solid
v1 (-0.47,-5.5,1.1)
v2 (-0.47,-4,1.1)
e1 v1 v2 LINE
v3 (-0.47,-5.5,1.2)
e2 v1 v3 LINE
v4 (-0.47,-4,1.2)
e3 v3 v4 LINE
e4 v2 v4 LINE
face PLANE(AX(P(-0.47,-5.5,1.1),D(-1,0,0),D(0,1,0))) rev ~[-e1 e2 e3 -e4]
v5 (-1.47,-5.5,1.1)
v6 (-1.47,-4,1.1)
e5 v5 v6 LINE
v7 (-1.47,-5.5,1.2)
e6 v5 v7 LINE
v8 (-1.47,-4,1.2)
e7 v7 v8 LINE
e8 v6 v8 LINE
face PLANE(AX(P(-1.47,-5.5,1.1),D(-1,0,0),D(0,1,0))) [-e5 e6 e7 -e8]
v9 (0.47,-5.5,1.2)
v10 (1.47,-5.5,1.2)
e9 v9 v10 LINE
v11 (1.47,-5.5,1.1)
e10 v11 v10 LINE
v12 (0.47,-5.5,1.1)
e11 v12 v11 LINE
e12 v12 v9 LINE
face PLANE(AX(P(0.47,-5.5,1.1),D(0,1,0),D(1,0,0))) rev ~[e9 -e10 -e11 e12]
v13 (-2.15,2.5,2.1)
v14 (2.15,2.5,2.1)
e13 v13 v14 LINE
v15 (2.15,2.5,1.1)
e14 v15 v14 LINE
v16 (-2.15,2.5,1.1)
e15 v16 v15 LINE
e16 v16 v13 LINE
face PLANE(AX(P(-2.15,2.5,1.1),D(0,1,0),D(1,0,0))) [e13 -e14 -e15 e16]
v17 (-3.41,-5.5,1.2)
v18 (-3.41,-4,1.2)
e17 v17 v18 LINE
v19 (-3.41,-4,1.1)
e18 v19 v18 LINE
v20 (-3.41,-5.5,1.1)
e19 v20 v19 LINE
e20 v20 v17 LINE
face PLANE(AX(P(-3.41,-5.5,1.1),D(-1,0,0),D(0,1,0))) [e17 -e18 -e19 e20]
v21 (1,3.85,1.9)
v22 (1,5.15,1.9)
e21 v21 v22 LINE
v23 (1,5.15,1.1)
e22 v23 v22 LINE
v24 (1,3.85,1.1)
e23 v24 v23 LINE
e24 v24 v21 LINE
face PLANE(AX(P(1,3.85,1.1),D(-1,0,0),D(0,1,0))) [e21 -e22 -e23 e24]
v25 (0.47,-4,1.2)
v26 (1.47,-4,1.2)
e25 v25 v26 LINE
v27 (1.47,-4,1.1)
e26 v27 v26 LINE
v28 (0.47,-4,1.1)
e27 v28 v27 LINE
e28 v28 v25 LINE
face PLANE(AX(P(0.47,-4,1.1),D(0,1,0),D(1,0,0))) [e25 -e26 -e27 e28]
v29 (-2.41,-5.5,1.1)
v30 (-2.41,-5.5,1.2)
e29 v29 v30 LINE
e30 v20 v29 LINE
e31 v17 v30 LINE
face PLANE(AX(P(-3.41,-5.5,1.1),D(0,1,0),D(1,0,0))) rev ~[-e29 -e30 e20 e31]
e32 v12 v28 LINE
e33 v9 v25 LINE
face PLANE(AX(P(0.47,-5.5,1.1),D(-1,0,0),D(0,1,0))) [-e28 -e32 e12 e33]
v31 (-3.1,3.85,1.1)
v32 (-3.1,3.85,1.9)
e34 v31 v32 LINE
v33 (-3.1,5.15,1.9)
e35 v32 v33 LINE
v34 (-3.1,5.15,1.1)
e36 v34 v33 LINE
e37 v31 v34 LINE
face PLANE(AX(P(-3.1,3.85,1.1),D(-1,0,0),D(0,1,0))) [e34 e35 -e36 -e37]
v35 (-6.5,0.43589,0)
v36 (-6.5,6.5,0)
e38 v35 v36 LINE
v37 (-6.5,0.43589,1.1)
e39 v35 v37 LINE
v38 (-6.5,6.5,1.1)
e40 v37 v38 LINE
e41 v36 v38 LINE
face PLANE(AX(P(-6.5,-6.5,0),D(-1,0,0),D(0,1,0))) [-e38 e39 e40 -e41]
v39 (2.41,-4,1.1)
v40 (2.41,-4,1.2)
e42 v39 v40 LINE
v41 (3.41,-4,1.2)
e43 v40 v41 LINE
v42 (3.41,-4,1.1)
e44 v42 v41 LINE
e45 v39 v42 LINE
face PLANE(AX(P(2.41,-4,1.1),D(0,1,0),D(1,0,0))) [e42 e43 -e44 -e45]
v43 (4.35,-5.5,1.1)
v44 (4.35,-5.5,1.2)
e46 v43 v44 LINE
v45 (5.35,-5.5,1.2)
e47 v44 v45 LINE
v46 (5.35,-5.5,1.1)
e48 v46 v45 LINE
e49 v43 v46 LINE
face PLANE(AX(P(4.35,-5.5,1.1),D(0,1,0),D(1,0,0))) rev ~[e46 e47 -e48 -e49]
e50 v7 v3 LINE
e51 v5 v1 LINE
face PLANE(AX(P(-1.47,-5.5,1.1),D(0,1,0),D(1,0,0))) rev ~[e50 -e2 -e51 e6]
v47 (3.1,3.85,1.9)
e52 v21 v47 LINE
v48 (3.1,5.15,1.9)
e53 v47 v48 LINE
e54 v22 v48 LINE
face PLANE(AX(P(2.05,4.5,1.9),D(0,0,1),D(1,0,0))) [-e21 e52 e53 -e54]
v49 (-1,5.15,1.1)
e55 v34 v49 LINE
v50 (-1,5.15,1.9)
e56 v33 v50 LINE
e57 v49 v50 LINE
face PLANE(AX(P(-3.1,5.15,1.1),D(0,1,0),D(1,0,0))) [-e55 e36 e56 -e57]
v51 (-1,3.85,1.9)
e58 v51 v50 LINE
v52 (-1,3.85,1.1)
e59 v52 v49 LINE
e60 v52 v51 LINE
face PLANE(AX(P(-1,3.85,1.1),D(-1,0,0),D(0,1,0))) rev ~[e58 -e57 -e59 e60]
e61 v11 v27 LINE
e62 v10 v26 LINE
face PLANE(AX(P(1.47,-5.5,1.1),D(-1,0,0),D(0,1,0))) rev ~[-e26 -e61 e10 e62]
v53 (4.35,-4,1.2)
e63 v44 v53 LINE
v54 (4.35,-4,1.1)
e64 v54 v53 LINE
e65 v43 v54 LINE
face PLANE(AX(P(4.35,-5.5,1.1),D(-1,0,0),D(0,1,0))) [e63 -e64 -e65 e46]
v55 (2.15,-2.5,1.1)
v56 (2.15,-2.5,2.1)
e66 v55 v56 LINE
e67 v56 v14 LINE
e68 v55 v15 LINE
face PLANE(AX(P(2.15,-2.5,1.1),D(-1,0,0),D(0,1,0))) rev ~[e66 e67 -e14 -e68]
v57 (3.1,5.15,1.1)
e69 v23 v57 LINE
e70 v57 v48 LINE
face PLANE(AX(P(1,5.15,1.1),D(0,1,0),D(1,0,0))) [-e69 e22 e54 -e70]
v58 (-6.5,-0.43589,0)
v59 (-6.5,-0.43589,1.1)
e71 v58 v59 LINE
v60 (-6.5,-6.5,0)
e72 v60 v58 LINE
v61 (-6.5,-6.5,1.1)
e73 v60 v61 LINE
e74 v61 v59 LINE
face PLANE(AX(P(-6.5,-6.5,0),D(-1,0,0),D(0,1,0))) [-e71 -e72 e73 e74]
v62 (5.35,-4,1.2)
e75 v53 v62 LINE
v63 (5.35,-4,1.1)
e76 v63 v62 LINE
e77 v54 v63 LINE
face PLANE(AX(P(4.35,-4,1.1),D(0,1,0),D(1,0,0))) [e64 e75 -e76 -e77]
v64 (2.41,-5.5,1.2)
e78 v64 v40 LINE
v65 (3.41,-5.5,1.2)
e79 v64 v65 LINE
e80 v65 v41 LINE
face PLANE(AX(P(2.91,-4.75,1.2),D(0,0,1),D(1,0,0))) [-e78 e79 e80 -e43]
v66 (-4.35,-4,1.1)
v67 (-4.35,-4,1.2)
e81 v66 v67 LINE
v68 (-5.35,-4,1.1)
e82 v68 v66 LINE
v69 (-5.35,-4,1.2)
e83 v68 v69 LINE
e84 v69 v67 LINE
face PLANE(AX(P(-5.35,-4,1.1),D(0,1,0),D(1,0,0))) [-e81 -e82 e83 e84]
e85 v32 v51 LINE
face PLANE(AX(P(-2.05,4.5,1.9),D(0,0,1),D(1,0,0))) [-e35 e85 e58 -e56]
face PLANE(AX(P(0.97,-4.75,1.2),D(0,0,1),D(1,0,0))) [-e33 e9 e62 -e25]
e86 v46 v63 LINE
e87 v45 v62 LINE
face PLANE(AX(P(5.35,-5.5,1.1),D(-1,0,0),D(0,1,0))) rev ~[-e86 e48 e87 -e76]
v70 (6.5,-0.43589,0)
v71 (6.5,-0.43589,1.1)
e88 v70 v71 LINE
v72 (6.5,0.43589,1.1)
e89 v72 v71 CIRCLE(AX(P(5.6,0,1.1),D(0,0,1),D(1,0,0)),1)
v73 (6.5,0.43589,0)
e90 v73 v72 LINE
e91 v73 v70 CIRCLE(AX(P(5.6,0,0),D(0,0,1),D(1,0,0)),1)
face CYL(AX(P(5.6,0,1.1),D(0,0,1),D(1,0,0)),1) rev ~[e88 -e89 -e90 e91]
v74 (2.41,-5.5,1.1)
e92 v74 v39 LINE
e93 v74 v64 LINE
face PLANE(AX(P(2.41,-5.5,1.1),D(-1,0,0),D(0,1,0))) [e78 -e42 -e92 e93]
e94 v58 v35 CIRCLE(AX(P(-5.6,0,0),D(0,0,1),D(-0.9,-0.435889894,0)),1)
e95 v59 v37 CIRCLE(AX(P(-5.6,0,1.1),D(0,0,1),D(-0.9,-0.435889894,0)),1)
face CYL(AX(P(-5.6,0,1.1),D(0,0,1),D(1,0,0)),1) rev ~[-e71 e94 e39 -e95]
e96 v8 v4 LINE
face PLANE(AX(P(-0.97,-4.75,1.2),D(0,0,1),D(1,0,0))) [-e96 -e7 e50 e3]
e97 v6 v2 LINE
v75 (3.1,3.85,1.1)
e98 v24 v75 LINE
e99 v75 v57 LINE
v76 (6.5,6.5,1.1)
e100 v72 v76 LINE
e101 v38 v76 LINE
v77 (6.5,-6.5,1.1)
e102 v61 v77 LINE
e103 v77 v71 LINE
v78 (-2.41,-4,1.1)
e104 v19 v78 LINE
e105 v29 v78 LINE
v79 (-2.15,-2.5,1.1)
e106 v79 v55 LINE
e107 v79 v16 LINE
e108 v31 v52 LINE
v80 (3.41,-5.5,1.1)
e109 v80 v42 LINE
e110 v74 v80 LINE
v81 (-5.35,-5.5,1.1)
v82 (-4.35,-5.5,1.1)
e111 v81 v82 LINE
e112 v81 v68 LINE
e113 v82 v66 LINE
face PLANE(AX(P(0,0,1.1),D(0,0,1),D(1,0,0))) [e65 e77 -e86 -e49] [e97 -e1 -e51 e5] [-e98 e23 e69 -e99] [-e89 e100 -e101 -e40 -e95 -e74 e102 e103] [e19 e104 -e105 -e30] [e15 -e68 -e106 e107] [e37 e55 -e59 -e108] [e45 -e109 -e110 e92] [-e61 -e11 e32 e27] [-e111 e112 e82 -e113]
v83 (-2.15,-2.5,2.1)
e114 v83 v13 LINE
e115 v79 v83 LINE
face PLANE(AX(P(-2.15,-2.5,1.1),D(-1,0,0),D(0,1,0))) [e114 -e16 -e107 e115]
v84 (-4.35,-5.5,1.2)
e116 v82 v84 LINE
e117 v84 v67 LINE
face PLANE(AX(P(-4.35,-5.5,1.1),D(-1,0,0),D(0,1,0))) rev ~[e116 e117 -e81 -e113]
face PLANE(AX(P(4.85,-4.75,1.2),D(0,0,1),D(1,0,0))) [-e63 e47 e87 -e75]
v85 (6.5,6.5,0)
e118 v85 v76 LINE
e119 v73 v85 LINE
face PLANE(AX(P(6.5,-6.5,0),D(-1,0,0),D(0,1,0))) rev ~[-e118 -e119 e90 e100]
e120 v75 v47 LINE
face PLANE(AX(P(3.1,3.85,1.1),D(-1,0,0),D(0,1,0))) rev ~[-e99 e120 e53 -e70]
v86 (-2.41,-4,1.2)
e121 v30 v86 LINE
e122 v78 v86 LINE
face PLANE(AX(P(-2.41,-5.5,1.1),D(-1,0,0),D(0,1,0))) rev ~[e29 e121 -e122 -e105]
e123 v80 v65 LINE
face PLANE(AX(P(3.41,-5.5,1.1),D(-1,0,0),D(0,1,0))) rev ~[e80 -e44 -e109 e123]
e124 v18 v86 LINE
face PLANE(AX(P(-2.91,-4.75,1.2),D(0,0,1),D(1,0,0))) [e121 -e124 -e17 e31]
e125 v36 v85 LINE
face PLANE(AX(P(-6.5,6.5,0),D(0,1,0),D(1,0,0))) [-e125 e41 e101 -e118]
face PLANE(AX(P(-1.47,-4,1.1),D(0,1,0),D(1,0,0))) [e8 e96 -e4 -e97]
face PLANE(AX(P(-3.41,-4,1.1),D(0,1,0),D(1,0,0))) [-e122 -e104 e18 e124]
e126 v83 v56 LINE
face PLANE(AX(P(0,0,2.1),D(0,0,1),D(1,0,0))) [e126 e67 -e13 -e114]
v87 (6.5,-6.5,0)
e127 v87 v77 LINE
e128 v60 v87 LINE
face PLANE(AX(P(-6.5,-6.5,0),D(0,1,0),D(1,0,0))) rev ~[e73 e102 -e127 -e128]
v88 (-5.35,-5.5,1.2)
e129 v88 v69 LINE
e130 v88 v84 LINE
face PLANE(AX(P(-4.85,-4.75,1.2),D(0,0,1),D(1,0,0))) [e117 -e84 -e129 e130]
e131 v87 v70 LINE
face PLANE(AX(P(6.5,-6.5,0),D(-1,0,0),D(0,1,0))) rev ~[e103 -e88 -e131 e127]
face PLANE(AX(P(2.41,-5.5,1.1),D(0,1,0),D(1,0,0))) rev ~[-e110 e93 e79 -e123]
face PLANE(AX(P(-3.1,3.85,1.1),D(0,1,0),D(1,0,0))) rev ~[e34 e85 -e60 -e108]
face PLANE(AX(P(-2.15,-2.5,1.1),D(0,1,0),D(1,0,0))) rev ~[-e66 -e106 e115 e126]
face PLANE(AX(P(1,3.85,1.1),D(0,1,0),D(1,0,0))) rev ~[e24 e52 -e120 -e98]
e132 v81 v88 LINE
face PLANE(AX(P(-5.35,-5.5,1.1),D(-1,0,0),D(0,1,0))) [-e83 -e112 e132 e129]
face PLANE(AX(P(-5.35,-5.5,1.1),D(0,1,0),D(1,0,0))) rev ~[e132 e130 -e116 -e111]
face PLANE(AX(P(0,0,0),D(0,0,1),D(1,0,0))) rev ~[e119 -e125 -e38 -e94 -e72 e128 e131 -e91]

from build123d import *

# Parameters (mm, degrees)
SKETCH_1_W          = 13
SKETCH_1_H          = 13
EXTRUDE_1_DEPTH     = 1.1
SKETCH_2_W          = 4.3
SKETCH_2_H          = 5
EXTRUDE_2_DEPTH     = 1
SKETCH_3_W          = 2.1
SKETCH_3_H          = 1.3
EXTRUDE_3_DEPTH     = 0.8
SKETCH_4_W          = 1
SKETCH_4_H          = 1.5
EXTRUDE_4_DEPTH     = 0.1
SKETCH_5_R          = 1
CUT_EXTRUDE_1_DEPTH = 1.1


with BuildPart() as part:
    # 스케치1 → 보스-돌출1 (new body)
    with BuildSketch(Plane.XY):
        Rectangle(SKETCH_1_W, SKETCH_1_H)
    extrude(amount=EXTRUDE_1_DEPTH)

    # 스케치2 → 보스-돌출2 (add)
    with BuildSketch(Plane.XY.offset(1.1)):
        Rectangle(SKETCH_2_W, SKETCH_2_H)
    extrude(amount=EXTRUDE_2_DEPTH)

    # 스케치3 → 보스-돌출3 (add)
    with BuildSketch(Plane.XY.offset(1.1)):
        with Locations((-2.05, 4.5)):
            Rectangle(SKETCH_3_W, SKETCH_3_H)
        with Locations((2.05, 4.5)):
            Rectangle(SKETCH_3_W, SKETCH_3_H)
    extrude(amount=EXTRUDE_3_DEPTH)

    # 스케치4 → 보스-돌출4 (add)
    with BuildSketch(Plane.XY.offset(1.1)):
        with Locations((-2.91, -4.75)):
            Rectangle(SKETCH_4_W, SKETCH_4_H)
        with Locations((4.85, -4.75)):
            Rectangle(SKETCH_4_W, SKETCH_4_H)
        with Locations((-4.85, -4.75)):
            Rectangle(SKETCH_4_W, SKETCH_4_H)
        with Locations((-0.97, -4.75)):
            Rectangle(SKETCH_4_W, SKETCH_4_H)
        with Locations((0.97, -4.75)):
            Rectangle(SKETCH_4_W, SKETCH_4_H)
        with Locations((2.91, -4.75)):
            Rectangle(SKETCH_4_W, SKETCH_4_H)
    extrude(amount=EXTRUDE_4_DEPTH)

    # 스케치5 → 컷-돌출1 (cut)
    with BuildSketch(Plane.XY.offset(1.1)):
        with Locations((5.6, 0)):
            Circle(SKETCH_5_R)
        with Locations((-5.6, 0)):
            Circle(SKETCH_5_R)
    extrude(amount=-CUT_EXTRUDE_1_DEPTH, mode=Mode.SUBTRACT)


solid = part.part
